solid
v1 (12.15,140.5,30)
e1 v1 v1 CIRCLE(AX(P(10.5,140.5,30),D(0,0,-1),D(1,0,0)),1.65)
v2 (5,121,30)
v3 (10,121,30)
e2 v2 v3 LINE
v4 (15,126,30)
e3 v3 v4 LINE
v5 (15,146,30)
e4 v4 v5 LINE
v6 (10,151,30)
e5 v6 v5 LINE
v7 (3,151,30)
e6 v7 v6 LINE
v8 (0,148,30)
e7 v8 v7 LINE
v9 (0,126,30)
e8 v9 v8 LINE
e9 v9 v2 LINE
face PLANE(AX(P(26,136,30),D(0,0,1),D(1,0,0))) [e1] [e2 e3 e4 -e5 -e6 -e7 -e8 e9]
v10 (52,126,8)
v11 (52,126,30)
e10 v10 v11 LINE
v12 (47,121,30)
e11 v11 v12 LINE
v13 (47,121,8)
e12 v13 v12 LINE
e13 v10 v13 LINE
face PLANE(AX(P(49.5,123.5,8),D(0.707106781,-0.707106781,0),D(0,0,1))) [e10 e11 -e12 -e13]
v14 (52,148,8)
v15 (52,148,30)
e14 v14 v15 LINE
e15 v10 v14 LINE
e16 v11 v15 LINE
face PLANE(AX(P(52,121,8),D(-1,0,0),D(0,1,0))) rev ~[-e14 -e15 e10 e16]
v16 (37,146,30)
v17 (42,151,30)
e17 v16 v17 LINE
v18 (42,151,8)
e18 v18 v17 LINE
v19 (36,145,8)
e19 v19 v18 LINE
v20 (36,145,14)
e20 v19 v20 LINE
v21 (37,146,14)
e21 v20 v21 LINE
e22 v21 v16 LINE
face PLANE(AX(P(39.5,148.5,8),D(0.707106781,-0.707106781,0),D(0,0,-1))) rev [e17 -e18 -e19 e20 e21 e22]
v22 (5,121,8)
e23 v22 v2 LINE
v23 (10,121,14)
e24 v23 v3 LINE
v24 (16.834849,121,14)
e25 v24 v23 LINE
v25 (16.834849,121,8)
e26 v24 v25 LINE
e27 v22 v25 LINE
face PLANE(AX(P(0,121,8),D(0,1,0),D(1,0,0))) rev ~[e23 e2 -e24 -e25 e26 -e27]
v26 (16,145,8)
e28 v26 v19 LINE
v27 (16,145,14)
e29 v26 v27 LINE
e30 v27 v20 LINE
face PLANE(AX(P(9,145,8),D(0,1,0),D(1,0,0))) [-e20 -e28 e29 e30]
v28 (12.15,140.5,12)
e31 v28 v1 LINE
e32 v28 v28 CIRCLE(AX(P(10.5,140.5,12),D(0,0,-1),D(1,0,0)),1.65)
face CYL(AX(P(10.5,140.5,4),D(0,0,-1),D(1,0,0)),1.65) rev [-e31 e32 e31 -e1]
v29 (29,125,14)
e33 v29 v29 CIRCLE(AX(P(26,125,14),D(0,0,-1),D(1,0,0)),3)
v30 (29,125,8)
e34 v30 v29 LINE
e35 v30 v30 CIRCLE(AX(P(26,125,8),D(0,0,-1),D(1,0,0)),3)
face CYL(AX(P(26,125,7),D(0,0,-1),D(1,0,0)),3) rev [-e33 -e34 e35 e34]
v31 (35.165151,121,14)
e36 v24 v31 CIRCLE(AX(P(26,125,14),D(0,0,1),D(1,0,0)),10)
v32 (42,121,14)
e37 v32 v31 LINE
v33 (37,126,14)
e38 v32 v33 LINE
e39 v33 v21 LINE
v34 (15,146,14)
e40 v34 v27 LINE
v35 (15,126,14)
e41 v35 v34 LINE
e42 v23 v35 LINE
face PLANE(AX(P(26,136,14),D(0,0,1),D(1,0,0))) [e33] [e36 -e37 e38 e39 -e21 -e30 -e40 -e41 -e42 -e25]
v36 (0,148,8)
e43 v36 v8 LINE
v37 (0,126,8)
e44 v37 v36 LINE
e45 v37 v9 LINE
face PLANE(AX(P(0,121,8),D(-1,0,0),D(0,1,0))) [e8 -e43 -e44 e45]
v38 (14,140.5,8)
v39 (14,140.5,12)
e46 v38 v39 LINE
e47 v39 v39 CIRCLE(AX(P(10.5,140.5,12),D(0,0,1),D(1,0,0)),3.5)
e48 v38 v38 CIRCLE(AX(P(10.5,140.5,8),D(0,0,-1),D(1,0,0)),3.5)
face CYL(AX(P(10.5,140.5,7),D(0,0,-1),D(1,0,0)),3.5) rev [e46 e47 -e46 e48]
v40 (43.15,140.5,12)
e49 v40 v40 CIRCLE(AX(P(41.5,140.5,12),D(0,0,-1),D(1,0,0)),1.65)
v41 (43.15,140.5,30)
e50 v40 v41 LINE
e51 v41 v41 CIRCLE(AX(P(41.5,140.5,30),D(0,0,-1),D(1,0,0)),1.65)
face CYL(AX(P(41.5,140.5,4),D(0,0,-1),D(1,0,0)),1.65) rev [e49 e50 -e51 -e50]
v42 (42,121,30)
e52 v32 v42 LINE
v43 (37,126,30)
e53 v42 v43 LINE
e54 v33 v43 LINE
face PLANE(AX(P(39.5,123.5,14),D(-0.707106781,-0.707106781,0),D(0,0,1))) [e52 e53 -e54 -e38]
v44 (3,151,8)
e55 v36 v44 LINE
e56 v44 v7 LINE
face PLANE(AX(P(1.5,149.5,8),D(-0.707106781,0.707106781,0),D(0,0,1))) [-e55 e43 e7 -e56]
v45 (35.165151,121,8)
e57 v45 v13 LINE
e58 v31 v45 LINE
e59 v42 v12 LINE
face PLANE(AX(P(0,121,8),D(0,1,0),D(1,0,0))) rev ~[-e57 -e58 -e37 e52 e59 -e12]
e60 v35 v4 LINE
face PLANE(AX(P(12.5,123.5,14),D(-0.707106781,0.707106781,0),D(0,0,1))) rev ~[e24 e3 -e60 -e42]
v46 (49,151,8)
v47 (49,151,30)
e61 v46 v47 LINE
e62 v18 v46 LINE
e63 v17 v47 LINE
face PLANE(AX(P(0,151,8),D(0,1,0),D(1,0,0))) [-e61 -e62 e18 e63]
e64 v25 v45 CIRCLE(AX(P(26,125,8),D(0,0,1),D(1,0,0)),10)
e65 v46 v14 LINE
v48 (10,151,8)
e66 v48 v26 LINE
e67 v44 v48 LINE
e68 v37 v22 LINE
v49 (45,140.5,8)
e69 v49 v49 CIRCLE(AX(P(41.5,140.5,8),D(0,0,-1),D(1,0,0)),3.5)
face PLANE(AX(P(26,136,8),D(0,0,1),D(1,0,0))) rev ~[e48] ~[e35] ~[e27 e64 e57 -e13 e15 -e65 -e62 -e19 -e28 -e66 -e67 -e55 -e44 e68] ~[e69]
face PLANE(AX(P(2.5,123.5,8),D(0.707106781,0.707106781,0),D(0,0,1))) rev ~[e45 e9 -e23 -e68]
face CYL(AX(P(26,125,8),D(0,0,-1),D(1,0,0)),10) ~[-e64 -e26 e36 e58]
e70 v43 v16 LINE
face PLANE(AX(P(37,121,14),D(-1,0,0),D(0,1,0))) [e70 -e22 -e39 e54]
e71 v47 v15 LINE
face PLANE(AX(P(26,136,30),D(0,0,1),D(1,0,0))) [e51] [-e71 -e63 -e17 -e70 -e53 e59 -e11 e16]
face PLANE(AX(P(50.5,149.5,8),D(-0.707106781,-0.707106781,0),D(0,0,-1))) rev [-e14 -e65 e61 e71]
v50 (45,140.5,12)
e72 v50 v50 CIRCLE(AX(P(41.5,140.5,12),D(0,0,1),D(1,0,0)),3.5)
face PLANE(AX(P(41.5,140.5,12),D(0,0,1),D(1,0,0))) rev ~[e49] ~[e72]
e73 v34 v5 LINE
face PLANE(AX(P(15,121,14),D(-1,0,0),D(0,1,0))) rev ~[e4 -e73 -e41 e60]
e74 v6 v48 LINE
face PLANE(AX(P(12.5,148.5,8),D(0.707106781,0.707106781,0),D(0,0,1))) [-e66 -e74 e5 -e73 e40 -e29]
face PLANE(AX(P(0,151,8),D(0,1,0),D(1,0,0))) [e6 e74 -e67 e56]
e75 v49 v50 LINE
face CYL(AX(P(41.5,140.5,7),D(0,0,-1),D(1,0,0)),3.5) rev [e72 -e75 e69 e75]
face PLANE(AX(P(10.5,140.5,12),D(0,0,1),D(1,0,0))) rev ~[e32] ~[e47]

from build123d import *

# Parameters (mm, degrees)
CYLINDER024_R     = 3
CYLINDER024_DEPTH = 10
BOX016_W          = 22
BOX016_H          = 30
BOX016_DEPTH      = 16
BOX015_W          = 34
BOX015_H          = 10
BOX015_DEPTH      = 22
CHAMFER024_SIZE   = 7
CYLINDER033_R     = 3.5
CYLINDER033_DEPTH = 5
CYLINDER032_R     = 3.5
CYLINDER032_DEPTH = 5
CYLINDER031_R     = 1.65
CYLINDER031_DEPTH = 47
CYLINDER030_R     = 1.65
CYLINDER030_DEPTH = 47
BOX014_W          = 32
BOX014_H          = 30
BOX014_DEPTH      = 16
CHAMFER020_SIZE   = 5
CYLINDER027_R     = 10
CYLINDER027_DEPTH = 6
BOX013_W          = 52
BOX013_H          = 30
BOX013_DEPTH      = 22
CHAMFER021_SIZE   = 5
CHAMFER023_SIZE   = 3


with BuildPart() as shhaft_cut:
    # Cylinder024 → Cylinder024 (new body)
    with BuildSketch(Plane(origin=(26, 125, 7), x_dir=(1, 0, 0), z_dir=(0, 0, 1))):
        Circle(CYLINDER024_R)
    extrude(amount=CYLINDER024_DEPTH)


with BuildPart() as cube016:
    # Box016 → Box016 (new body)
    with BuildSketch(Plane(origin=(15, 121, 14), x_dir=(1, 0, 0), z_dir=(0, 0, 1))):
        with Locations((11, 15)):
            Rectangle(BOX016_W, BOX016_H)
    extrude(amount=BOX016_DEPTH)


with BuildPart() as chamfer024:
    # Box015 → Box015 (new body)
    with BuildSketch(Plane(origin=(9, 145, 8), x_dir=(1, 0, 0), z_dir=(0, 0, 1))):
        with Locations((17, 5)):
            Rectangle(BOX015_W, BOX015_H)
    extrude(amount=BOX015_DEPTH)

    # Chamfer024
    chamfer024_edges = [chamfer024.edges().sort_by_distance(p)[0] for p in [
        (9, 145, 19),
        (43, 145, 19),
    ]]
    chamfer(chamfer024_edges, length=CHAMFER024_SIZE)


with BuildPart() as cylinder033:
    # Cylinder033 → Cylinder033 (new body)
    with BuildSketch(Plane(origin=(10.5, 140.5, 4), x_dir=(1, 0, 0), z_dir=(0, 0, 1))):
        Circle(CYLINDER033_R)
    extrude(amount=CYLINDER033_DEPTH)


with BuildPart() as fusion022:
    # Cylinder032 → Cylinder032 (new body)
    with BuildSketch(Plane(origin=(41.5, 140.5, 4), x_dir=(1, 0, 0), z_dir=(0, 0, 1))):
        Circle(CYLINDER032_R)
    extrude(amount=CYLINDER032_DEPTH)

    # Fusion022: union Cylinder033
    add(cylinder033.part)


with BuildPart() as fusion022_1:
    # Fusion022 placement: moved
    add(fusion022.part.moved(Location((0, 0, 3))))


with BuildPart() as cylinder031:
    # Cylinder031 → Cylinder031 (new body)
    with BuildSketch(Plane(origin=(41.5, 140.5, 4), x_dir=(1, 0, 0), z_dir=(0, 0, 1))):
        Circle(CYLINDER031_R)
    extrude(amount=CYLINDER031_DEPTH)


with BuildPart() as fusion008019:
    # Cylinder030 → Cylinder030 (new body)
    with BuildSketch(Plane(origin=(10.5, 140.5, 4), x_dir=(1, 0, 0), z_dir=(0, 0, 1))):
        Circle(CYLINDER030_R)
    extrude(amount=CYLINDER030_DEPTH)

    # Fusion021: union Cylinder031
    add(cylinder031.part)

    # Fusion008019: union Fusion022
    add(fusion022_1.part)


with BuildPart() as chamfer020:
    # Box014 → Box014 (new body)
    with BuildSketch(Plane(origin=(10, 96, 14), x_dir=(1, 0, 0), z_dir=(0, 0, 1))):
        with Locations((16, 15)):
            Rectangle(BOX014_W, BOX014_H)
    extrude(amount=BOX014_DEPTH)

    # Chamfer020
    chamfer020_edges = [chamfer020.edges().sort_by_distance(p)[0] for p in [
        (10, 126, 22),
        (42, 126, 22),
    ]]
    chamfer(chamfer020_edges, length=CHAMFER020_SIZE)


with BuildPart() as cylinder008:
    # Cylinder027 → Cylinder027 (new body)
    with BuildSketch(Plane(origin=(26, 125, 8), x_dir=(1, 0, 0), z_dir=(0, 0, 1))):
        Circle(CYLINDER027_R)
    extrude(amount=CYLINDER027_DEPTH)


with BuildPart() as cut002003021011:
    # Box013 → Box013 (new body)
    with BuildSketch(Plane(origin=(0, 121, 8), x_dir=(1, 0, 0), z_dir=(0, 0, 1))):
        with Locations((26, 15)):
            Rectangle(BOX013_W, BOX013_H)
    extrude(amount=BOX013_DEPTH)

    # Fusion018: union Cylinder008
    add(cylinder008.part)

    # Chamfer021
    chamfer021_edges = [cut002003021011.edges().sort_by_distance(p)[0] for p in [
        (0, 121, 19),
        (52, 121, 19),
    ]]
    chamfer(chamfer021_edges, length=CHAMFER021_SIZE)

    # Chamfer023
    chamfer023_edges = [cut002003021011.edges().sort_by_distance(p)[0] for p in [
        (0, 151, 19),
        (52, 151, 19),
    ]]
    chamfer(chamfer023_edges, length=CHAMFER023_SIZE)

    # Cut002003021007: cut Chamfer020
    add(chamfer020.part, mode=Mode.SUBTRACT)

    # Cut002003021008: cut Fusion008019
    add(fusion008019.part, mode=Mode.SUBTRACT)

    # Cut002003021009: cut Chamfer024
    add(chamfer024.part, mode=Mode.SUBTRACT)

    # Cut002003021010: cut Cube016
    add(cube016.part, mode=Mode.SUBTRACT)

    # Cut002003021011: cut shhaft-cut
    add(shhaft_cut.part, mode=Mode.SUBTRACT)


solid = cut002003021011.part
